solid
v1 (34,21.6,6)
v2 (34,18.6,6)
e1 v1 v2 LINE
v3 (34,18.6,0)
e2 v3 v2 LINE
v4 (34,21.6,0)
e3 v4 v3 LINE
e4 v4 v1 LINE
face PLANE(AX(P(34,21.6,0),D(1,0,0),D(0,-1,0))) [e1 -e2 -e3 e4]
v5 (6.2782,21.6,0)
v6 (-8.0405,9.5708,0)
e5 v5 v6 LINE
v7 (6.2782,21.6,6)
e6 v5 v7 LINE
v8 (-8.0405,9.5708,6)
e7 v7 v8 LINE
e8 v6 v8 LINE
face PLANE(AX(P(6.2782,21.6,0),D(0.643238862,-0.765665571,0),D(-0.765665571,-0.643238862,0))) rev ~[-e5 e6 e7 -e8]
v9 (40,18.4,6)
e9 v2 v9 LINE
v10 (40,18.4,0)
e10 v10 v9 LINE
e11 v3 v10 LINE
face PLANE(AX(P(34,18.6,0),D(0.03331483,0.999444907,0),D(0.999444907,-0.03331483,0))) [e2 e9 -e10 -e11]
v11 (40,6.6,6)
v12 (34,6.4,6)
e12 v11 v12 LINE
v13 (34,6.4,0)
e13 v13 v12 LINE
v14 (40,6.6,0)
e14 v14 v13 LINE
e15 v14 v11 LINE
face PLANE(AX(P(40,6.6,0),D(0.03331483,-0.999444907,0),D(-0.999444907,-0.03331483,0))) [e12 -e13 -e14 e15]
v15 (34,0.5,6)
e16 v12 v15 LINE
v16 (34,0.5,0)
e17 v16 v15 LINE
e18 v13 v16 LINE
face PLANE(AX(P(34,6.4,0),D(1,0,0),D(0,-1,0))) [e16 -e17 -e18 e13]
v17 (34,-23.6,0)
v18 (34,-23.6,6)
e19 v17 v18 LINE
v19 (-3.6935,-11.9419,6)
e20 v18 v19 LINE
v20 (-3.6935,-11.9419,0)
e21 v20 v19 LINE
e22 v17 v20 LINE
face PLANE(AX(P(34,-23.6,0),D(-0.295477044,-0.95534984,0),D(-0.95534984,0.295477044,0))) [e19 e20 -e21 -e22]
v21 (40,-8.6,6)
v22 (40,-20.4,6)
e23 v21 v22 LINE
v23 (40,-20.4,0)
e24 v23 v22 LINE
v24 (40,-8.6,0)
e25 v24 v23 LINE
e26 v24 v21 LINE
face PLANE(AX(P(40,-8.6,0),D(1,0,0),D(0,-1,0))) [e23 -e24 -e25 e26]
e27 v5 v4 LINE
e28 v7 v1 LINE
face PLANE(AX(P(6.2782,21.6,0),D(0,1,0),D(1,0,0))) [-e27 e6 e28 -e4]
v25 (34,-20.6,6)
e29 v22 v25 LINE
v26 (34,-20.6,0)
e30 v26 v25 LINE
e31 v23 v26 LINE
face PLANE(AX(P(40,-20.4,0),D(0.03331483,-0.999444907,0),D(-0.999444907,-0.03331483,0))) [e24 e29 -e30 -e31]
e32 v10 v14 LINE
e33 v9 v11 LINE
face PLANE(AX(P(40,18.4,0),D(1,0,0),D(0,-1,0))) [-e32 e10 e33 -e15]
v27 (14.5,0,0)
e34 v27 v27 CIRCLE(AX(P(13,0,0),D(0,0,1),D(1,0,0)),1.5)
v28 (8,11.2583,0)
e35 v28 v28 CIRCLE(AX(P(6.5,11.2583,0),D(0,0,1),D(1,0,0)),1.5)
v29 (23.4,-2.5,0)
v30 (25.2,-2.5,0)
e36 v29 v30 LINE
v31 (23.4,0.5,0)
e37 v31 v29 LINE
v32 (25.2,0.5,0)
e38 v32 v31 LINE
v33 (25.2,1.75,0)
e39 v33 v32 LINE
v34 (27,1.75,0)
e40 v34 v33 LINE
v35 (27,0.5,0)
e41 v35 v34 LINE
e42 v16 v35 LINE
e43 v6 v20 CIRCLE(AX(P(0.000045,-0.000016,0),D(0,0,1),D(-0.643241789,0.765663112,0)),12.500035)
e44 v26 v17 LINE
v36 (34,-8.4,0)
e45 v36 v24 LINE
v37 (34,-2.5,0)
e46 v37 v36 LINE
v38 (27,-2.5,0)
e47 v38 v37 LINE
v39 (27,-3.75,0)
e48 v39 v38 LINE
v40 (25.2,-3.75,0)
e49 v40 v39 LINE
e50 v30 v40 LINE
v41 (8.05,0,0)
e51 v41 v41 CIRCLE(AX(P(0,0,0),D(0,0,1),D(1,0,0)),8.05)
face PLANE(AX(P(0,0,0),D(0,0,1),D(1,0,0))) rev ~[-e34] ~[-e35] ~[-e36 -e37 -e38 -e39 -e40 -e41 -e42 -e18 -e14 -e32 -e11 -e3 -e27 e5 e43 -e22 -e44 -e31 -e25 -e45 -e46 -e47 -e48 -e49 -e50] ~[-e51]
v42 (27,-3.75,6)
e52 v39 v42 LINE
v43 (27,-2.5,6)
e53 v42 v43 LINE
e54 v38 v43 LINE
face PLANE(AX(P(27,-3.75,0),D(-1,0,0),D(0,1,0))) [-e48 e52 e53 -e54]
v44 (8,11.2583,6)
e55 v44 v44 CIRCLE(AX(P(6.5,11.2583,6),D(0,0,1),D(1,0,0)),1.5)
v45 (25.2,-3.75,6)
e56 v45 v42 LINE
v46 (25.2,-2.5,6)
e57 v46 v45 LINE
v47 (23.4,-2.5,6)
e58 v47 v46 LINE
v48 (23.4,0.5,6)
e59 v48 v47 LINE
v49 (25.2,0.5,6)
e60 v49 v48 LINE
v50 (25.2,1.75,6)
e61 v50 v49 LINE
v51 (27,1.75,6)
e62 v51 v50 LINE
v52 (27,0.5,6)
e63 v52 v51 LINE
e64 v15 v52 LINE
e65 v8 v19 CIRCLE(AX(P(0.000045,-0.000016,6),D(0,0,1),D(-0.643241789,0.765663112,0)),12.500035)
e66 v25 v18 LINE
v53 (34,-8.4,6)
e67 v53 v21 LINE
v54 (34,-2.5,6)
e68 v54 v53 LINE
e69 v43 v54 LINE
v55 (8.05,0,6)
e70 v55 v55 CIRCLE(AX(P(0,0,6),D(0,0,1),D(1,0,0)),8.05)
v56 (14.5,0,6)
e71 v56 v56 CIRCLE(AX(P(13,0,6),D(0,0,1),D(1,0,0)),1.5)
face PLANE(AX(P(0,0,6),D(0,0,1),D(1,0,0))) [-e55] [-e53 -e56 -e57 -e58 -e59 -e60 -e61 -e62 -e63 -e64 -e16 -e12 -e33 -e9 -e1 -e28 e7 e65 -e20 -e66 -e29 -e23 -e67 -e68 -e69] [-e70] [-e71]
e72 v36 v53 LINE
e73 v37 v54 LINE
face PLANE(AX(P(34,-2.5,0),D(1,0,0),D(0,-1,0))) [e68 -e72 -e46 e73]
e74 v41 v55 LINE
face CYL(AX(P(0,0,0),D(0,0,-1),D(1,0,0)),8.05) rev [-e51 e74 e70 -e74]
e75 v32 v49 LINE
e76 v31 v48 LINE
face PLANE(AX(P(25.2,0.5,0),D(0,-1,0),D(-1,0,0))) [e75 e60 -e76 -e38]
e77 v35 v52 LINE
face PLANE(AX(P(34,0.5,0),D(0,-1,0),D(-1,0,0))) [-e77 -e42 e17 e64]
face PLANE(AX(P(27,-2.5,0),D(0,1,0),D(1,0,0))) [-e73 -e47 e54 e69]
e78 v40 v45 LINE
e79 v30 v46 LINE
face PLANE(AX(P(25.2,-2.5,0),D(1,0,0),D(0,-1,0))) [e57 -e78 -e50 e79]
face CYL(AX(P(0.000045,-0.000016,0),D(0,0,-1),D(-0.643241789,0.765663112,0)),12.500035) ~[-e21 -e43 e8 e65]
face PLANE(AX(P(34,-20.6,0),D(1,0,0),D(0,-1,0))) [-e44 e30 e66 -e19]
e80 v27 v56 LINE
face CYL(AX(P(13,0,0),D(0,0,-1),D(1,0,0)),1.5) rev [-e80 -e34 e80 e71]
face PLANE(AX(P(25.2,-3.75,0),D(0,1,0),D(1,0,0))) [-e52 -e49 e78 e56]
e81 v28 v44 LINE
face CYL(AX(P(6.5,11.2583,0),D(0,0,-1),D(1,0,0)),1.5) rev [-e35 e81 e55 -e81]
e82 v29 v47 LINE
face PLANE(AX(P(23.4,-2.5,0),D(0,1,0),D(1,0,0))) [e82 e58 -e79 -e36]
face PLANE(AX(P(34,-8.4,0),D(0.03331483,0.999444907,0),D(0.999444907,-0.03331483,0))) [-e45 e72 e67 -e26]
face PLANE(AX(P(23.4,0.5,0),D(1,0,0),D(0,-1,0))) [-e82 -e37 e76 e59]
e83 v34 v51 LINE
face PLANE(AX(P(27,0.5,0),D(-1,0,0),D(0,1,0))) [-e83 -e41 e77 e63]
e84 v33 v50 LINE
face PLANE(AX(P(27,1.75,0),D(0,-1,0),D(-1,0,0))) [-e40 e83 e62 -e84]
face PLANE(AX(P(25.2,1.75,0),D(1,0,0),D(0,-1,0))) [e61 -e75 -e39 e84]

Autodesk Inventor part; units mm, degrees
ref_plane "YZ Plane" through (0, 0, 0) normal (1, 0, 0) x (0, 1, 0)
ref_plane "XZ Plane" through (0, 0, 0) normal (0, 1, 0) x (-1, 0, 0)
ref_plane "XY Plane" through (0, 0, 0) normal (0, 0, 1) x (1, 0, 0)
sketch "Sketch1" plane through (0, 0, 0) normal (0, 0, 1) x (1, 0, 0)
  circle A0 centre (0, 0) radius 8.05
  circle A1 centre (13, 0) radius 1.5
  circle A2 centre (6.5, 11.2583) radius 1.5
  line L0 (-12.0771, 21.6) -> (34, 21.6) construction
  line L1 (34, 21.6) -> (34, -16.4745) construction
  line L2 (6.2782, 21.6) -> (34, 21.6)
  line L3 (34, 21.6) -> (34, 18.6)
  line L4 (34, 18.6) -> (40, 18.4)
  line L5 (40, 18.4) -> (40, 6.6)
  line L6 (40, 6.6) -> (34, 6.4)
  line L7 (34, 6.4) -> (34, 0.5)
  line L8 (34, 0.5) -> (27, 0.5)
  line L9 (27, 0.5) -> (27, 1.75)
  line L10 (27, 1.75) -> (25.2, 1.75)
  line L11 (25.2, 1.75) -> (25.2, 0.5)
  line L12 (25.2, 0.5) -> (23.4, 0.5)
  line L13 (23.4, 0.5) -> (23.4, -2.5)
  line L14 (23.4, -2.5) -> (25.2, -2.5)
  line L15 (25.2, -2.5) -> (25.2, -3.75)
  line L16 (25.2, -3.75) -> (27, -3.75)
  line L17 (27, -3.75) -> (27, -2.5)
  line L18 (27, -2.5) -> (34, -2.5)
  line L19 (34, -2.5) -> (34, -8.4)
  line L20 (34, -8.4) -> (40, -8.6)
  line L21 (40, -8.6) -> (40, -20.4)
  line L22 (40, -20.4) -> (34, -20.6)
  line L23 (34, -20.6) -> (34, -23.6)
  arc A3 (-8.0405, 9.5708) -> (-3.6935, -11.9419) centre (0, 0) ccw
  line L24 (34, -23.6) -> (-3.6935, -11.9419)
  line L25 (6.2782, 21.6) -> (-8.0405, 9.5708)
  dimension "d0" = 3
  dimension "d2" = 3
  dimension "d3" = 16.1
  dimension "d4" = 13
  dimension "d5" = 13
  dimension "d6" = 34
  dimension "d7" = 21.6
  dimension "d9" = 3
  dimension "d10" = 1.25
  dimension "d11" = 1.25
  dimension "d12" = 1.8
  dimension "d13" = 1.8
  dimension "d14" = 7
  dimension "d15" = 12.2
  dimension "d16" = 11.8
  dimension "d17" = 0.2
  dimension "d18" = 6
  dimension "d19" = 12.2
  dimension "d20" = 11.8
  dimension "d21" = 0.2
  dimension "d22" = 14.8
  dimension "d23" = 5.9
  dimension "d24" = 3
  dimension "d27" = 60
  dimension "d28" = 3
  dimension "d29" = 25
extrude "Extrusion1" add sketch "Sketch1" along normal blind 6
properties part number "X_wspierak"
